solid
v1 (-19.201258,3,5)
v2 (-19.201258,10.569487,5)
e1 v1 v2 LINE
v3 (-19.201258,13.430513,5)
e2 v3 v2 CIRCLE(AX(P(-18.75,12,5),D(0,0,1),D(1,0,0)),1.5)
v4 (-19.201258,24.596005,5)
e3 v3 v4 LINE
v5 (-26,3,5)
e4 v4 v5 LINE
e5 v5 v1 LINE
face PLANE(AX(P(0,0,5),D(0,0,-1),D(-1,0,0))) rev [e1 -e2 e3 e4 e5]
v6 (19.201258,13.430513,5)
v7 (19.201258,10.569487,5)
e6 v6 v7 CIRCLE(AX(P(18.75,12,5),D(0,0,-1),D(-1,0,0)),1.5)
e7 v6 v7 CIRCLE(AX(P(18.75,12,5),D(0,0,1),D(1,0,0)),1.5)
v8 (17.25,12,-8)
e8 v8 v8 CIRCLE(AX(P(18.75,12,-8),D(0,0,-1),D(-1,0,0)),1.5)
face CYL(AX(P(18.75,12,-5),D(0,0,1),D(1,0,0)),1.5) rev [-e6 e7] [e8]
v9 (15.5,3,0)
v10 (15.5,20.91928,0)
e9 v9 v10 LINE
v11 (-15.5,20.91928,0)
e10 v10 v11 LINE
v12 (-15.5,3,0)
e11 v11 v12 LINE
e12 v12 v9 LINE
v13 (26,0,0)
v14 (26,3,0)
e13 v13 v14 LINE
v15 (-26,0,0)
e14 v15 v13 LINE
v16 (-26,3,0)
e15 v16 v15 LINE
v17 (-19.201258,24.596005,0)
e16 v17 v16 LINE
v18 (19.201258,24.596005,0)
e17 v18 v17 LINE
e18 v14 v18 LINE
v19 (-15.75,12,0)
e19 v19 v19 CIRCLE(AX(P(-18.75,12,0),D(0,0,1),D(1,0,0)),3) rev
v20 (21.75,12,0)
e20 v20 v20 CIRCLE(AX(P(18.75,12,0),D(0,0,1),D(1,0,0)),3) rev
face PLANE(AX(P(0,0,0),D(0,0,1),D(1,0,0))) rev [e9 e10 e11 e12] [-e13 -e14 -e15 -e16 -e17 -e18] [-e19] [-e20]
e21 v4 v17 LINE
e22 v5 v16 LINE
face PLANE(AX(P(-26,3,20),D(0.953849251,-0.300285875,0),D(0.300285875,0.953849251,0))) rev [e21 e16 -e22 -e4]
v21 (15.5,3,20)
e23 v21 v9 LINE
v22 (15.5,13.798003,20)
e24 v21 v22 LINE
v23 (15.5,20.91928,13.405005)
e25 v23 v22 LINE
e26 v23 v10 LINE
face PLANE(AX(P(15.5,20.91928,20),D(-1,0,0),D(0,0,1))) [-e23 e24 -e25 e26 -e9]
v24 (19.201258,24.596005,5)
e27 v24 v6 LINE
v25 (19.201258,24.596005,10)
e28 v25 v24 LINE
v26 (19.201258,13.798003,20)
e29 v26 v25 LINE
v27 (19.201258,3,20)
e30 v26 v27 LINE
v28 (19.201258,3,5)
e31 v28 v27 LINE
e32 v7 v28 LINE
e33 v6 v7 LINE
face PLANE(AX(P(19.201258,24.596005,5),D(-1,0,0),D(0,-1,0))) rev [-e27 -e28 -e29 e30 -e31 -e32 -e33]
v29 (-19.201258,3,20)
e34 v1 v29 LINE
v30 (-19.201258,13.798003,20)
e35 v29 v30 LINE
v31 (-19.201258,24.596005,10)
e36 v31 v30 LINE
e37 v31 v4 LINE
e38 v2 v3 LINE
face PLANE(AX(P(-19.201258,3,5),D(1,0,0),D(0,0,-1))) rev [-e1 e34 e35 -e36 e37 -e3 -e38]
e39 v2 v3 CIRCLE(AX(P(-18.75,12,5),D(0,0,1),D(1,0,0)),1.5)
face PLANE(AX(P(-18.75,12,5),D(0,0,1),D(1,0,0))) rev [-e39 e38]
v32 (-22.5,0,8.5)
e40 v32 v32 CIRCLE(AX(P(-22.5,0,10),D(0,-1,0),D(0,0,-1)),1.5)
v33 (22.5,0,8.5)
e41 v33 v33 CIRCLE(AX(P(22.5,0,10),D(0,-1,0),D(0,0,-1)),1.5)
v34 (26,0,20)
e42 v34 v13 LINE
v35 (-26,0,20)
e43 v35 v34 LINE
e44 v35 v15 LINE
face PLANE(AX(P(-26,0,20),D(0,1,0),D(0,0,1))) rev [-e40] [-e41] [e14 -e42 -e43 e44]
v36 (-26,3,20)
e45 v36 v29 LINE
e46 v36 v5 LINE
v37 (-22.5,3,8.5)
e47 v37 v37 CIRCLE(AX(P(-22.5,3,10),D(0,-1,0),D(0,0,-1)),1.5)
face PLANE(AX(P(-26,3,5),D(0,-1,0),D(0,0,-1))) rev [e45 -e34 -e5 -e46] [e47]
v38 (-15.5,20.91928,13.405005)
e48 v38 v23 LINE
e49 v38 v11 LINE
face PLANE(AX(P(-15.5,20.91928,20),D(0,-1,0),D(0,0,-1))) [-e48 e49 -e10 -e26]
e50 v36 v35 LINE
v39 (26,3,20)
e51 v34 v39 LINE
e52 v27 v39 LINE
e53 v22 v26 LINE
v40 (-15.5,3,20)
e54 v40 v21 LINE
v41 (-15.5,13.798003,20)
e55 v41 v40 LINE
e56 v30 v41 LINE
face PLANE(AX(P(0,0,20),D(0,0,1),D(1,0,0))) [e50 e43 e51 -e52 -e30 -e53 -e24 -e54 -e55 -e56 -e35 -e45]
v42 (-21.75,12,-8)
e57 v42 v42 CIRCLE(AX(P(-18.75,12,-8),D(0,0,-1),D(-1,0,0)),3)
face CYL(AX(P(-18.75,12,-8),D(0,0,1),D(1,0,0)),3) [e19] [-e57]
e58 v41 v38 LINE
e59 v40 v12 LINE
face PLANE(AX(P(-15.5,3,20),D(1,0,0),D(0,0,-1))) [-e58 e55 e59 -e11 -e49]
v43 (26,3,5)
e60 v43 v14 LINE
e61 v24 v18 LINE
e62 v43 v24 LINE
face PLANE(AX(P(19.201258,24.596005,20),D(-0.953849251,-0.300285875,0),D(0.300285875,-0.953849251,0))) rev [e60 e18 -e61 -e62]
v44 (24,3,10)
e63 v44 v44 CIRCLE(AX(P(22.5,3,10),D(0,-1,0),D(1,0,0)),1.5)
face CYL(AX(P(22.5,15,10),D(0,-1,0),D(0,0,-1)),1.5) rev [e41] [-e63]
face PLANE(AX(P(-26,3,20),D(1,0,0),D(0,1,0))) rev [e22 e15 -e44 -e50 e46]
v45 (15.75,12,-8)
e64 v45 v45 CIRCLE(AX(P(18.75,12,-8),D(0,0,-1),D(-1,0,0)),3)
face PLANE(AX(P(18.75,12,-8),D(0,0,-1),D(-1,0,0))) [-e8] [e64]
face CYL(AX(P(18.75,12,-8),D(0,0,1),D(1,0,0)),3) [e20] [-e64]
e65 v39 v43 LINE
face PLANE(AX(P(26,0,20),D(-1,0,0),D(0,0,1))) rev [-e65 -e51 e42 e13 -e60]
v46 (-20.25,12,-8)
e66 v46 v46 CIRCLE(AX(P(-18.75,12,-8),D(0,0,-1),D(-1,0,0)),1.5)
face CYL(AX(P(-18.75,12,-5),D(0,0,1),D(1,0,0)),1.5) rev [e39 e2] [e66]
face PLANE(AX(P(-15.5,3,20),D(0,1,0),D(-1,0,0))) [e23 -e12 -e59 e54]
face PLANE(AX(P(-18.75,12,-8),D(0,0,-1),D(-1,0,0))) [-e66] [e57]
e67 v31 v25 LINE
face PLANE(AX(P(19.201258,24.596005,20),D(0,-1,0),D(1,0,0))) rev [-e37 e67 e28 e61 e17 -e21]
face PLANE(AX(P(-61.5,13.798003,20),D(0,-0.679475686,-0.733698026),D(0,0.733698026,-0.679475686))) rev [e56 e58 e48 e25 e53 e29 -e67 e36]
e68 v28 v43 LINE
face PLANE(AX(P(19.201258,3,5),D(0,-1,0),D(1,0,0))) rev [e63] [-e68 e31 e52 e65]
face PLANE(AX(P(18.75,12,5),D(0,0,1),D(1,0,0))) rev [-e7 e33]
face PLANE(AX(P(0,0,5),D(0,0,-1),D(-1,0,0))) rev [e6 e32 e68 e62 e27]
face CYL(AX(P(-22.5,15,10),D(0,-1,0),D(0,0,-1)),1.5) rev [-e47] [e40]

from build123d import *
from build123d.topology import SkipClean

# Parameters (mm, degrees)
SKETCH_1_W          = 31
SKETCH_1_H          = 17.919280428
EXTRUDE_1_DEPTH     = 20
CUT_EXTRUDE_1_DEPTH = 46
CUT_EXTRUDE_2_DEPTH = 15
SKETCH_4_R          = 1.5
CUT_EXTRUDE_3_DEPTH = 15
SKETCH_5_R          = 1.5
CUT_EXTRUDE_4_DEPTH = 10
SKETCH_6_R          = 3
SKETCH_6_R_2        = 1.5
EXTRUDE_2_DEPTH     = 8


with BuildPart() as part:
    # 草图1 → 凸台-拉伸1 (new body)
    with BuildSketch(Plane.XY):
        Polygon((-26, 0), (26, 0), (26, 3), (19.201257588, 24.596005308), (-19.201257588, 24.596005308), (-26, 3), align=None)
        with Locations((0, 11.959640214)):
            Rectangle(SKETCH_1_W, SKETCH_1_H, mode=Mode.SUBTRACT)
    extrude(amount=EXTRUDE_1_DEPTH)

    # 草图2 → 切除-拉伸1 (cut, symmetric)
    with BuildSketch(Plane(origin=(-15.5, 0, 0), x_dir=(0, 0, -1), z_dir=(1, 0, 0))):
        Polygon((-20, 13.798002654), (-10, 24.596005308), (-20, 24.596005308), align=None)
    extrude(amount=CUT_EXTRUDE_1_DEPTH, both=True, mode=Mode.SUBTRACT)

    # 草图3 → 切除-拉伸2 (cut)
    with BuildSketch(Plane.XY.offset(20)):
        Polygon((19.201257588, 24.596005308), (19.201257588, 3), (26, 3), align=None)
        Polygon((-19.201257588, 24.596005308), (-26, 3), (-19.201257588, 3), align=None)
    extrude(amount=-CUT_EXTRUDE_2_DEPTH, mode=Mode.SUBTRACT)

    # 草图4 → 切除-拉伸3 (cut)
    with BuildSketch(Plane.XZ):
        with Locations(Location((-22.5, 10, 0), (0, 0, 270))):
            Circle(SKETCH_4_R)
        with Locations(Location((22.5, 10, 0), (0, 0, 270))):
            Circle(SKETCH_4_R)
    extrude(amount=-CUT_EXTRUDE_3_DEPTH, mode=Mode.SUBTRACT)

    # 草图5 → 切除-拉伸4 (cut)
    with BuildSketch(Plane.XY.offset(5)):
        with Locations((-18.75, 12)):
            Circle(SKETCH_5_R)
        with Locations((18.75, 12)):
            Circle(SKETCH_5_R)
    extrude(amount=-CUT_EXTRUDE_4_DEPTH, mode=Mode.SUBTRACT)

    # 草图6 → 凸台-拉伸2 (add)
    # profile 1 of 2: a face of its own
    with SkipClean():  # the faces are left unmerged after this step: merging them gives an invalid solid
        with BuildSketch(Plane(origin=(0, 0, 0), x_dir=(-1, 0, 0), z_dir=(0, 0, -1))):
            with Locations(Location((18.75, 12, 0), (0, 0, 180))):
                Circle(SKETCH_6_R)
            with Locations(Location((18.75, 12, 0), (0, 0, 287.507965853))):
                Circle(SKETCH_6_R_2, mode=Mode.SUBTRACT)
        # profile 2 of 2: a face of its own
        with BuildSketch(Plane(origin=(0, 0, 0), x_dir=(-1, 0, 0), z_dir=(0, 0, -1))):
            with Locations(Location((-18.75, 12, 0), (0, 0, 180))):
                Circle(SKETCH_6_R)
            with Locations(Location((-18.75, 12, 0), (0, 0, 252.492034147))):
                Circle(SKETCH_6_R_2, mode=Mode.SUBTRACT)
        extrude(amount=EXTRUDE_2_DEPTH)


solid = part.part
